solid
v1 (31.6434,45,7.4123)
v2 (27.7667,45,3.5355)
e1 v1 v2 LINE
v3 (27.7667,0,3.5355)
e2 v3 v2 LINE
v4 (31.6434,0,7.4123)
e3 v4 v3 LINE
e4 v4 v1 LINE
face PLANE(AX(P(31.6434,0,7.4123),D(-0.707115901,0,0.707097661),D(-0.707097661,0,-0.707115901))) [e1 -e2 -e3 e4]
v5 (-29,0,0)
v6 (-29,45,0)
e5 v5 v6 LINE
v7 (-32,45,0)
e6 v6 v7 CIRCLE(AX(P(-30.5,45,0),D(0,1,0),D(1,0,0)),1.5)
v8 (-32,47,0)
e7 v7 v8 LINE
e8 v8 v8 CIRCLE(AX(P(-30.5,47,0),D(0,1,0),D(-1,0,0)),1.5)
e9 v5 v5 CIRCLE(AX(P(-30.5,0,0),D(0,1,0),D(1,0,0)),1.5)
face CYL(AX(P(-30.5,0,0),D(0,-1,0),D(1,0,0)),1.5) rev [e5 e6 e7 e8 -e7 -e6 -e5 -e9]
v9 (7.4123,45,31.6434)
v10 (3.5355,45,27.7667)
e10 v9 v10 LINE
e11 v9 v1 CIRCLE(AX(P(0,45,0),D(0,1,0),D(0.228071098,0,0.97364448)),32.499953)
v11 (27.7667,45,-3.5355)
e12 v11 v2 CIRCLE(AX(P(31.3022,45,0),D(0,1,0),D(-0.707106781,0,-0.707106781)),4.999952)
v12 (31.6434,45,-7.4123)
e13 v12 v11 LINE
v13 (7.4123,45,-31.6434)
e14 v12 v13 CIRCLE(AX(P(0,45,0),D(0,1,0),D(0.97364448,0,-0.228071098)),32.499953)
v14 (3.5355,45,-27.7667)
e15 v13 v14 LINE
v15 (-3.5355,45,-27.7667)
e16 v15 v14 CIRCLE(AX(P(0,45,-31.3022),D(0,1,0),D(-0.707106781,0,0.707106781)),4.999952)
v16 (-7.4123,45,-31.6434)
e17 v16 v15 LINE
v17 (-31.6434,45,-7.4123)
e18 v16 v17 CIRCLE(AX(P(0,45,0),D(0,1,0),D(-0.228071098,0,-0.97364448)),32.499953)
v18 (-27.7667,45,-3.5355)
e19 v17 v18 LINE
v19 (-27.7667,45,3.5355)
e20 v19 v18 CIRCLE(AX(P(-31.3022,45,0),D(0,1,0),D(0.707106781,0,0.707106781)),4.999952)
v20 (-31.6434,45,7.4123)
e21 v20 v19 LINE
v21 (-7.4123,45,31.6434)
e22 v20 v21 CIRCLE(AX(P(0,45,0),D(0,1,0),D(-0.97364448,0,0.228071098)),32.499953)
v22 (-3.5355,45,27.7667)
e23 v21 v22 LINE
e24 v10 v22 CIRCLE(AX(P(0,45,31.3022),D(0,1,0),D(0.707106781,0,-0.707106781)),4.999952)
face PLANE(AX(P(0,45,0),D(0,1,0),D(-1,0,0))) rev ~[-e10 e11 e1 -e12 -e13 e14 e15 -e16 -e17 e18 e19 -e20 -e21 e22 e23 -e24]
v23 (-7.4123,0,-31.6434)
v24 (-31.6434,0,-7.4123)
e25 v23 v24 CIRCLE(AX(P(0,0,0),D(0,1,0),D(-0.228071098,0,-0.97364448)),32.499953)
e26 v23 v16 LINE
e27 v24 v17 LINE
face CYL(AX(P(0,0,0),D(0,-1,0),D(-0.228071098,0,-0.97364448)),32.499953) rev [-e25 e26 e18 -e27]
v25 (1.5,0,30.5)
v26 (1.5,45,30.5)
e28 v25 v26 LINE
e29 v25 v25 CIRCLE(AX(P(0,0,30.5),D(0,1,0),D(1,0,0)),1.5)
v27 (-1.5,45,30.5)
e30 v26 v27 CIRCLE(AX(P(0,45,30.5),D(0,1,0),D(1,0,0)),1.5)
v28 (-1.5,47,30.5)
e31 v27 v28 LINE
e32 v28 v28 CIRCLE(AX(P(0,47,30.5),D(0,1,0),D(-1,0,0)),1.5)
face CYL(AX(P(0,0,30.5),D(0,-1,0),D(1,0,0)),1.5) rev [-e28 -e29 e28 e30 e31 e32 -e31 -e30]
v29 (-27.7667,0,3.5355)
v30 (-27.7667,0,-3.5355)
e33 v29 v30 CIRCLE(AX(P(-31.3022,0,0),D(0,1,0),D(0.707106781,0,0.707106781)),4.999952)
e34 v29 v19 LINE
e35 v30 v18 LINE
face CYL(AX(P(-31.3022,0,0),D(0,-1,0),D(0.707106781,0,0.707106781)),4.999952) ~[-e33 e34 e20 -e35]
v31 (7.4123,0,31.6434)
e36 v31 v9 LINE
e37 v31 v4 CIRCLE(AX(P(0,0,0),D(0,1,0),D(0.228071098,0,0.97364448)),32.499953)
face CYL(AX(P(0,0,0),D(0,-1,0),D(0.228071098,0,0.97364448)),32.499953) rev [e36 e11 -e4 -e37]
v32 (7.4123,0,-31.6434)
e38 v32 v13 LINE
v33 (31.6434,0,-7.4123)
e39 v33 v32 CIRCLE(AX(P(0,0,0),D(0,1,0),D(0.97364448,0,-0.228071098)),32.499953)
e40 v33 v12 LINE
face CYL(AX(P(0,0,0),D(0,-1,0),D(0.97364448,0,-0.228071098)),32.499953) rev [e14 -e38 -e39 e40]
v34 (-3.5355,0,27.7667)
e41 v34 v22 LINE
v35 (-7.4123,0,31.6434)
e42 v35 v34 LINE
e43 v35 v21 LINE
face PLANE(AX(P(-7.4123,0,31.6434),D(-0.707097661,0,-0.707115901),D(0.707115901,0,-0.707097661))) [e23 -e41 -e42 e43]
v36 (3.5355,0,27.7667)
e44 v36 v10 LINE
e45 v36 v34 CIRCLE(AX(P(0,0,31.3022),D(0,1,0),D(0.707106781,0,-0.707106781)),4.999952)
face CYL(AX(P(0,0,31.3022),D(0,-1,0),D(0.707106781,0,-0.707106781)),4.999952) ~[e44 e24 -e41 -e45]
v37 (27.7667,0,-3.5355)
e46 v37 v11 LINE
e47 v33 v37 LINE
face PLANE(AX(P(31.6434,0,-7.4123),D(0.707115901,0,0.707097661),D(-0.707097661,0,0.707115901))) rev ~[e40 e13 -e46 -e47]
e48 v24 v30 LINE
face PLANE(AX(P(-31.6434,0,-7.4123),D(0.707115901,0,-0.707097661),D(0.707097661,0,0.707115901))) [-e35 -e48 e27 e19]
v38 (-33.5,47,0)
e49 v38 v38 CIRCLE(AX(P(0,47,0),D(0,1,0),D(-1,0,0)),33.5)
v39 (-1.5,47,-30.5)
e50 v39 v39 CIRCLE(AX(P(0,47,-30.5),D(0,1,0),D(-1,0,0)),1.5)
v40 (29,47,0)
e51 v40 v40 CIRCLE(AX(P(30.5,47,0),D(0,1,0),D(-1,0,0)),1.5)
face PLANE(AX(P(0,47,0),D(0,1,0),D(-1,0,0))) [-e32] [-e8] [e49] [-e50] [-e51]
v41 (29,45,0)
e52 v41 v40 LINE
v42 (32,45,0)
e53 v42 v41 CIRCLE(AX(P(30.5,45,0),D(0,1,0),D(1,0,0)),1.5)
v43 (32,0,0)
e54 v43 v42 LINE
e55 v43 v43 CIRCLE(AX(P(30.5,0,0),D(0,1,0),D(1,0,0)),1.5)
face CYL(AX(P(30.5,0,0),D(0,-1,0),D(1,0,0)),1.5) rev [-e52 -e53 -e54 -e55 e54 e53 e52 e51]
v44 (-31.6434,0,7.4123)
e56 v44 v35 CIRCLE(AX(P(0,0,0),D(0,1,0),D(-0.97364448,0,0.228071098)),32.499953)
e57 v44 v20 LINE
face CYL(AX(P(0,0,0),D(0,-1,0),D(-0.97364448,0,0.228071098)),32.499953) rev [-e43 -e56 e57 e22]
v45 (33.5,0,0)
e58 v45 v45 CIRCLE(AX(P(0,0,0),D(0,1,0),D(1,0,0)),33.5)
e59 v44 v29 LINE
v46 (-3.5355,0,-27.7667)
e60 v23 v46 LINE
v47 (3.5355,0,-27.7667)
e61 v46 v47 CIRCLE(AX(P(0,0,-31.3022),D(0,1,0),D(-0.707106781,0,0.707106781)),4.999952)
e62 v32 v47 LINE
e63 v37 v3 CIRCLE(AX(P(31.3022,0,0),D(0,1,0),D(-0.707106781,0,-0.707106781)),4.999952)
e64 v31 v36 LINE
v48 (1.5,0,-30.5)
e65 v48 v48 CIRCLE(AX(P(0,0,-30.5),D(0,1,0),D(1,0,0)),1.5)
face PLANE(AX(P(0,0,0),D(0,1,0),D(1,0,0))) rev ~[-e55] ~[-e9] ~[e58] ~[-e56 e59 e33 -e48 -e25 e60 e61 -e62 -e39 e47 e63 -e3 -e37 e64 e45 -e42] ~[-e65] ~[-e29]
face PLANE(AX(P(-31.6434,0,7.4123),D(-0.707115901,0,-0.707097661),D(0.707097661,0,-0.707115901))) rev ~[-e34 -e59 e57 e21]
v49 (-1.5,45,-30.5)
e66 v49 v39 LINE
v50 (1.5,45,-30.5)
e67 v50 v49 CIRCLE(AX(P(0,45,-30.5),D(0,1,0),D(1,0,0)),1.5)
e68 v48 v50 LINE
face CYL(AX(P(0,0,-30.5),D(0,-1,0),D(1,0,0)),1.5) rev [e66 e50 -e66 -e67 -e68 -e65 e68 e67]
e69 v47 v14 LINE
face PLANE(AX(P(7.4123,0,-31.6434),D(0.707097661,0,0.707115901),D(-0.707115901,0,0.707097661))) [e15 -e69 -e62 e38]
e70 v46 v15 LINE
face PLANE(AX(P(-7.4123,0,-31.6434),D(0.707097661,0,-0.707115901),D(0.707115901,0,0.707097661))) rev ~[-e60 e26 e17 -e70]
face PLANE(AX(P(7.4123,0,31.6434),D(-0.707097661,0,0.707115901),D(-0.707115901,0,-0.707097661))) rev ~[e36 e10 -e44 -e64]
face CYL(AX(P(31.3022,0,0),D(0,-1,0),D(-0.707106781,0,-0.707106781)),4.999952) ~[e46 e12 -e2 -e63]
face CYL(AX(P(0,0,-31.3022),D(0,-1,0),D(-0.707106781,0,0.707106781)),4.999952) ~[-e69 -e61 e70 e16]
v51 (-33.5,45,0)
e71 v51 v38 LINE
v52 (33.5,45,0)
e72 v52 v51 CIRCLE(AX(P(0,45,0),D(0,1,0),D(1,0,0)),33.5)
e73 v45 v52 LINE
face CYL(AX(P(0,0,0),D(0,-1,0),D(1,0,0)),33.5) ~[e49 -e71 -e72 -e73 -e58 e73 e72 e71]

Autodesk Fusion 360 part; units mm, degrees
sketch "Sketch1" plane through (0, 0, 0) normal (0, 1, 0) x (1, 0, 0)
  circle A0 centre (0, 0) radius 30.5 construction
  circle A1 centre (0, -30.5) radius 1.5
  circle A2 centre (0, -30.5) radius 7.5 construction
  line L0 (-7.4123, -31.6434) -> (6.1101, -31.6434) construction
  line L1 (7.4123, -31.6434) -> (22.9663, -31.6434) construction
  line L2 (-7.4123, -31.6434) -> (-3.5355, -27.7667)
  line L3 (7.4123, -31.6434) -> (3.5355, -27.7667)
  arc A3 (3.5355, -27.7667) -> (-3.5355, -27.7667) centre (0, -31.3022) ccw
  circle A4 centre (0, 0) radius 33.5
  arc A5 (27.7667, 3.5355) -> (27.7667, -3.5355) centre (31.3022, 0) ccw
  line L4 (31.6434, -7.4123) -> (27.7667, -3.5355)
  line L5 (31.6434, 7.4123) -> (27.7667, 3.5355)
  circle A6 centre (30.5, 0) radius 1.5
  arc A7 (-3.5355, 27.7667) -> (3.5355, 27.7667) centre (0, 31.3022) ccw
  line L6 (7.4123, 31.6434) -> (3.5355, 27.7667)
  line L7 (-7.4123, 31.6434) -> (-3.5355, 27.7667)
  circle A8 centre (0, 30.5) radius 1.5
  arc A9 (-27.7667, -3.5355) -> (-27.7667, 3.5355) centre (-31.3022, 0) ccw
  line L8 (-31.6434, 7.4123) -> (-27.7667, 3.5355)
  line L9 (-31.6434, -7.4123) -> (-27.7667, -3.5355)
  circle A10 centre (-30.5, 0) radius 1.5
  arc A11 (7.4123, -31.6434) -> (31.6434, -7.4123) centre (0, 0) ccw
  arc A12 (31.6434, 7.4123) -> (7.4123, 31.6434) centre (0, 0) ccw
  arc A13 (-7.4123, 31.6434) -> (-31.6434, 7.4123) centre (0, 0) ccw
  arc A14 (-31.6434, -7.4123) -> (-7.4123, -31.6434) centre (0, 0) ccw
  dimension "d1" = 65
  dimension "d2" = 61
  dimension "d4" = 3
  dimension "d9" = 15
  dimension "d11" = 45
  dimension "d12" = 135
  dimension "d13" = 5
  dimension "d16" = 360
extrude "Extrude1" add sketch "Sketch1" along normal blind 45
sketch "Sketch2" plane through (0, 45, 0) normal (0, 1, 0) x (-1, 0, 0)
  circle A0 centre (-30.5, 0) radius 1.5
  line L0 (31.6434, 7.4123) -> (27.7667, 3.5355)
  arc A1 (27.7667, 3.5355) -> (27.7667, -3.5355) centre (31.3022, 0) ccw
  line L1 (27.7667, -3.5355) -> (31.6434, -7.4123)
  arc A2 (7.4123, -31.6434) -> (31.6434, -7.4123) centre (0, 0) ccw
  line L2 (7.4123, -31.6434) -> (3.5355, -27.7667)
  arc A3 (3.5355, -27.7667) -> (-3.5355, -27.7667) centre (0, -31.3022) ccw
  line L3 (-3.5355, -27.7667) -> (-7.4123, -31.6434)
  arc A4 (-31.6434, -7.4123) -> (-7.4123, -31.6434) centre (0, 0) ccw
  line L4 (-31.6434, -7.4123) -> (-27.7667, -3.5355)
  arc A5 (-27.7667, -3.5355) -> (-27.7667, 3.5355) centre (-31.3022, 0) ccw
  line L5 (-27.7667, 3.5355) -> (-31.6434, 7.4123)
  arc A6 (-7.4123, 31.6434) -> (-31.6434, 7.4123) centre (0, 0) ccw
  line L6 (-7.4123, 31.6434) -> (-3.5355, 27.7667)
  arc A7 (-3.5355, 27.7667) -> (3.5355, 27.7667) centre (0, 31.3022) ccw
  line L7 (3.5355, 27.7667) -> (7.4123, 31.6434)
  arc A8 (31.6434, 7.4123) -> (7.4123, 31.6434) centre (0, 0) ccw
  circle A9 centre (0, 30.5) radius 1.5
  circle A10 centre (0, -30.5) radius 1.5
  circle A11 centre (30.5, 0) radius 1.5
  circle A12 centre (0, 0) radius 33.5
  circle A13 centre (0, 0) radius 33.5
extrude "Extrude2" add sketch "Sketch2" along normal blind 2 contours L0 A1 L1 A2 L2 A3 L3 A4 L4 A5 L5 A6 L6 A7 L7 A8 | A12 A13
